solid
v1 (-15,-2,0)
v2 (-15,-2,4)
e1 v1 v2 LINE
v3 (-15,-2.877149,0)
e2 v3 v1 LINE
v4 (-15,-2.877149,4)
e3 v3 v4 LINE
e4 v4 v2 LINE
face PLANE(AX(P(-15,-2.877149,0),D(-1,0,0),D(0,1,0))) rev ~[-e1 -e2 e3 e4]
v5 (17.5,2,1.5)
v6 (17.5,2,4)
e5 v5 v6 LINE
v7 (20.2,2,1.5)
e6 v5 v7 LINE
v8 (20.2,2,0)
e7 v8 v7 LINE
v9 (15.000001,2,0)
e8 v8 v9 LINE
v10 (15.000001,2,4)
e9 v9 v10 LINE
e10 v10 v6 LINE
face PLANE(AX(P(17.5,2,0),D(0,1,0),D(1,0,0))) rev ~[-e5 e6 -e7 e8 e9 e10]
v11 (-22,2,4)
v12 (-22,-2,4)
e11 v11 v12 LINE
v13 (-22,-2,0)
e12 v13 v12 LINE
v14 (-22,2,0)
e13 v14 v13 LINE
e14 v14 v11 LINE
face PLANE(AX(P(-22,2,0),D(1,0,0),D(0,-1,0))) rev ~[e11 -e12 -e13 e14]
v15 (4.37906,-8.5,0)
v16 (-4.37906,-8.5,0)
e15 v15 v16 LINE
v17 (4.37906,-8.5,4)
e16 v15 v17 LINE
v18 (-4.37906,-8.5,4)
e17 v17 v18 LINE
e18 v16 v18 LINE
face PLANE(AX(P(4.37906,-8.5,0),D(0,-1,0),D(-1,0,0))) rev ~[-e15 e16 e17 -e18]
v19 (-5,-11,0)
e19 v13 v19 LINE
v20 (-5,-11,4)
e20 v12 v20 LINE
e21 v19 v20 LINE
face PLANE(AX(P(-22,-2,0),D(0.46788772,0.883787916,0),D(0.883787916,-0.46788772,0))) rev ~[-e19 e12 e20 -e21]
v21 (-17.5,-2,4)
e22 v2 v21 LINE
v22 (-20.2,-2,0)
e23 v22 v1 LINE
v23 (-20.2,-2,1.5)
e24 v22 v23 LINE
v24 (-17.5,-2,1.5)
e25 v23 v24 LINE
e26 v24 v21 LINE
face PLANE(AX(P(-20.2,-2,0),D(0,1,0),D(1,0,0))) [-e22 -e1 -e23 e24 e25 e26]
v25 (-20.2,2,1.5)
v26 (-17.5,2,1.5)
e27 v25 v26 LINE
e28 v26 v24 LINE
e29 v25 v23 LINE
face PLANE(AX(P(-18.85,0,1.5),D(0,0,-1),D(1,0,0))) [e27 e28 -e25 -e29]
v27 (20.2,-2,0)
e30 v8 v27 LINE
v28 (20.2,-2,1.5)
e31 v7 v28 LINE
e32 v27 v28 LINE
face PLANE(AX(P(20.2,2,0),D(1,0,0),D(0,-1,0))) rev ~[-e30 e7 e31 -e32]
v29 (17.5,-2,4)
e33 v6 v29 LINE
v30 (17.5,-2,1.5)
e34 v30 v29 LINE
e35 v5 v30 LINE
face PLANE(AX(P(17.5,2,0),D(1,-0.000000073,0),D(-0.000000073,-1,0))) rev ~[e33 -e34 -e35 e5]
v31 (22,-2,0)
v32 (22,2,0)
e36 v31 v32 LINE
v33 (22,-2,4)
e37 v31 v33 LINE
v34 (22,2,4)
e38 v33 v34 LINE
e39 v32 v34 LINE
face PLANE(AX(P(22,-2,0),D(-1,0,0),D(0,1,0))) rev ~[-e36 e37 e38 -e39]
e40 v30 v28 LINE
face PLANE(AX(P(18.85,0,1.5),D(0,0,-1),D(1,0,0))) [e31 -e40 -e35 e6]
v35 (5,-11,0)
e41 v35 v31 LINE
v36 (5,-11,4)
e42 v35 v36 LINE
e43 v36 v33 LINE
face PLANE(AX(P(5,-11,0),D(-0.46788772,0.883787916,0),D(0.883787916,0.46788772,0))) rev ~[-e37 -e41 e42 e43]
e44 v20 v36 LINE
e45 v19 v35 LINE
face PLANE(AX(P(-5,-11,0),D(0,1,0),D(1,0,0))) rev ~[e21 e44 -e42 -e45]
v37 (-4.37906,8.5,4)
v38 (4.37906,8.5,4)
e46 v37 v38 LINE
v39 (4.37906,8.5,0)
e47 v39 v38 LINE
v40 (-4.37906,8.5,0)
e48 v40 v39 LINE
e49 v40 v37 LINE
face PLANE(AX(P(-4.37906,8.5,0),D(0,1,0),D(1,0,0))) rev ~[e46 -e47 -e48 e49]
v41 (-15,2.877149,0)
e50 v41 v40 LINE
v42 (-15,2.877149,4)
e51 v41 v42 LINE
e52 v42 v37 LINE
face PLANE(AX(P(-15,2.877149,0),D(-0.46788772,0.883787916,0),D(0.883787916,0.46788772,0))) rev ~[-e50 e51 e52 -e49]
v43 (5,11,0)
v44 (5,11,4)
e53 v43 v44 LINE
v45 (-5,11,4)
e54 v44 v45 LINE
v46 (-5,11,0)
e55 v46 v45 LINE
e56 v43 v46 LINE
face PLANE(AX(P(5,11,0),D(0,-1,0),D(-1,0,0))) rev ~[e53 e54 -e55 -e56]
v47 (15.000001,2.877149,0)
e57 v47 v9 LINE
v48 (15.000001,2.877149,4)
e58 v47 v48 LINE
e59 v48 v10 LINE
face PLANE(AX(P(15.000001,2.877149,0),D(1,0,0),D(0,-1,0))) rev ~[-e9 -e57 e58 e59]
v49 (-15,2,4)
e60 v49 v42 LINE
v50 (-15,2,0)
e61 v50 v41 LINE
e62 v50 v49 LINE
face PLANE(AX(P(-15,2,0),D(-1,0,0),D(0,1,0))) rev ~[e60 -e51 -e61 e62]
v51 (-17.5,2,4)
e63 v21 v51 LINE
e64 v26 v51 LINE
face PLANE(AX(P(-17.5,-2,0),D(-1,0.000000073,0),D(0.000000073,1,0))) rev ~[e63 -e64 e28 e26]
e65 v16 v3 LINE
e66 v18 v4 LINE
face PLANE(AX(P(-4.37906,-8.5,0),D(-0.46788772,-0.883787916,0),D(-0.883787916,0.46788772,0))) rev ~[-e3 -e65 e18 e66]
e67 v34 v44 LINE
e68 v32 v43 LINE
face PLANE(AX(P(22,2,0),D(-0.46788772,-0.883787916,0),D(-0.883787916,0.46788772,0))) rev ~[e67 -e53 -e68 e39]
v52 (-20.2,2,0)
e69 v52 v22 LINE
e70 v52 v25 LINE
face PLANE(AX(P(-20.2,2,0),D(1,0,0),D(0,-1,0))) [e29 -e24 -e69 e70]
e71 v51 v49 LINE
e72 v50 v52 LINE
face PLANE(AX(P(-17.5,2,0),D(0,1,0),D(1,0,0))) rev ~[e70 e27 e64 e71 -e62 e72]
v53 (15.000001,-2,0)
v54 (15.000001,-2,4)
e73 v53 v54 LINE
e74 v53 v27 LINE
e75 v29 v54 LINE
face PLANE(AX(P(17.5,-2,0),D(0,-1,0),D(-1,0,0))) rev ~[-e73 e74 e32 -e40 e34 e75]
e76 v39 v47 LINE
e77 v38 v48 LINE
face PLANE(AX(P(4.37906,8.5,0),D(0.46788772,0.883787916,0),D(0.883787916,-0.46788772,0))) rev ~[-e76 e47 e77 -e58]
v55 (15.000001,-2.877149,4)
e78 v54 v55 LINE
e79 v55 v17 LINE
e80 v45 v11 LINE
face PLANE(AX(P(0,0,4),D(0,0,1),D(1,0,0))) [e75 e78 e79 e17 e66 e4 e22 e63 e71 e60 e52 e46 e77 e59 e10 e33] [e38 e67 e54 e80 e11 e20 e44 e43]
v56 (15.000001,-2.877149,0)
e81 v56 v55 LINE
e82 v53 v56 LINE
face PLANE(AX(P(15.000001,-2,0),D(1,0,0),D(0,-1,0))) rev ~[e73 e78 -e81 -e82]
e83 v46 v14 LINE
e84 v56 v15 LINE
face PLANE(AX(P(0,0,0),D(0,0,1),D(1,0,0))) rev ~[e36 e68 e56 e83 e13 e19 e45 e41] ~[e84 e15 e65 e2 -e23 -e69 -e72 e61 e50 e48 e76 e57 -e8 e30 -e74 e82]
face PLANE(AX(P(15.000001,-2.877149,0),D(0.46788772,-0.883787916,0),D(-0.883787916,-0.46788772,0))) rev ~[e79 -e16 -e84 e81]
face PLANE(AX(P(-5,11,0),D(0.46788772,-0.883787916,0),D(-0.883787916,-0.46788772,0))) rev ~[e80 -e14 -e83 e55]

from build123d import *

# Parameters (mm, degrees)
F1_DEPTH = 4
F2_W     = 2.7
F2_H     = 4
F3_DEPTH = 1.5


with BuildPart() as f1:
    # F0 (on Top) → F1 (new body)
    with BuildSketch(Plane.XY):
        Polygon((-5, -11), (5, -11), (22, -2), (22, 2), (5, 11), (-5, 11), (-22, 2), (-22, -2), align=None)
        Polygon((15.0000007647, -2.8771487377), (4.3790599258, -8.4999997701), (-4.3790599258, -8.4999997701), (-14.9999995266, -2.8771493931), (-14.9999995266, -2), (-17.5000002913, -2), (-17.5, 2), (-14.9999995266, 2), (-14.9999995266, 2.8771493931), (-4.3790599258, 8.4999997701), (4.3790599258, 8.4999997701), (15.0000007647, 2.8771487377), (15.0000007647, 2), (17.5000002913, 2), (17.5, -2), (15.0000007647, -2), align=None, mode=Mode.SUBTRACT)
    extrude(amount=F1_DEPTH)

    # F2 (on face) → F3 (cut)
    with BuildSketch(Plane(origin=(0, 0, 0), x_dir=(1, 0, 0), z_dir=(0, 0, -1))):
        with Locations((-18.85, 0)):
            Rectangle(F2_W, F2_H)
        with Locations((18.85, 0)):
            Rectangle(F2_W, F2_H)
    extrude(amount=-F3_DEPTH, mode=Mode.SUBTRACT)


solid = f1.part
